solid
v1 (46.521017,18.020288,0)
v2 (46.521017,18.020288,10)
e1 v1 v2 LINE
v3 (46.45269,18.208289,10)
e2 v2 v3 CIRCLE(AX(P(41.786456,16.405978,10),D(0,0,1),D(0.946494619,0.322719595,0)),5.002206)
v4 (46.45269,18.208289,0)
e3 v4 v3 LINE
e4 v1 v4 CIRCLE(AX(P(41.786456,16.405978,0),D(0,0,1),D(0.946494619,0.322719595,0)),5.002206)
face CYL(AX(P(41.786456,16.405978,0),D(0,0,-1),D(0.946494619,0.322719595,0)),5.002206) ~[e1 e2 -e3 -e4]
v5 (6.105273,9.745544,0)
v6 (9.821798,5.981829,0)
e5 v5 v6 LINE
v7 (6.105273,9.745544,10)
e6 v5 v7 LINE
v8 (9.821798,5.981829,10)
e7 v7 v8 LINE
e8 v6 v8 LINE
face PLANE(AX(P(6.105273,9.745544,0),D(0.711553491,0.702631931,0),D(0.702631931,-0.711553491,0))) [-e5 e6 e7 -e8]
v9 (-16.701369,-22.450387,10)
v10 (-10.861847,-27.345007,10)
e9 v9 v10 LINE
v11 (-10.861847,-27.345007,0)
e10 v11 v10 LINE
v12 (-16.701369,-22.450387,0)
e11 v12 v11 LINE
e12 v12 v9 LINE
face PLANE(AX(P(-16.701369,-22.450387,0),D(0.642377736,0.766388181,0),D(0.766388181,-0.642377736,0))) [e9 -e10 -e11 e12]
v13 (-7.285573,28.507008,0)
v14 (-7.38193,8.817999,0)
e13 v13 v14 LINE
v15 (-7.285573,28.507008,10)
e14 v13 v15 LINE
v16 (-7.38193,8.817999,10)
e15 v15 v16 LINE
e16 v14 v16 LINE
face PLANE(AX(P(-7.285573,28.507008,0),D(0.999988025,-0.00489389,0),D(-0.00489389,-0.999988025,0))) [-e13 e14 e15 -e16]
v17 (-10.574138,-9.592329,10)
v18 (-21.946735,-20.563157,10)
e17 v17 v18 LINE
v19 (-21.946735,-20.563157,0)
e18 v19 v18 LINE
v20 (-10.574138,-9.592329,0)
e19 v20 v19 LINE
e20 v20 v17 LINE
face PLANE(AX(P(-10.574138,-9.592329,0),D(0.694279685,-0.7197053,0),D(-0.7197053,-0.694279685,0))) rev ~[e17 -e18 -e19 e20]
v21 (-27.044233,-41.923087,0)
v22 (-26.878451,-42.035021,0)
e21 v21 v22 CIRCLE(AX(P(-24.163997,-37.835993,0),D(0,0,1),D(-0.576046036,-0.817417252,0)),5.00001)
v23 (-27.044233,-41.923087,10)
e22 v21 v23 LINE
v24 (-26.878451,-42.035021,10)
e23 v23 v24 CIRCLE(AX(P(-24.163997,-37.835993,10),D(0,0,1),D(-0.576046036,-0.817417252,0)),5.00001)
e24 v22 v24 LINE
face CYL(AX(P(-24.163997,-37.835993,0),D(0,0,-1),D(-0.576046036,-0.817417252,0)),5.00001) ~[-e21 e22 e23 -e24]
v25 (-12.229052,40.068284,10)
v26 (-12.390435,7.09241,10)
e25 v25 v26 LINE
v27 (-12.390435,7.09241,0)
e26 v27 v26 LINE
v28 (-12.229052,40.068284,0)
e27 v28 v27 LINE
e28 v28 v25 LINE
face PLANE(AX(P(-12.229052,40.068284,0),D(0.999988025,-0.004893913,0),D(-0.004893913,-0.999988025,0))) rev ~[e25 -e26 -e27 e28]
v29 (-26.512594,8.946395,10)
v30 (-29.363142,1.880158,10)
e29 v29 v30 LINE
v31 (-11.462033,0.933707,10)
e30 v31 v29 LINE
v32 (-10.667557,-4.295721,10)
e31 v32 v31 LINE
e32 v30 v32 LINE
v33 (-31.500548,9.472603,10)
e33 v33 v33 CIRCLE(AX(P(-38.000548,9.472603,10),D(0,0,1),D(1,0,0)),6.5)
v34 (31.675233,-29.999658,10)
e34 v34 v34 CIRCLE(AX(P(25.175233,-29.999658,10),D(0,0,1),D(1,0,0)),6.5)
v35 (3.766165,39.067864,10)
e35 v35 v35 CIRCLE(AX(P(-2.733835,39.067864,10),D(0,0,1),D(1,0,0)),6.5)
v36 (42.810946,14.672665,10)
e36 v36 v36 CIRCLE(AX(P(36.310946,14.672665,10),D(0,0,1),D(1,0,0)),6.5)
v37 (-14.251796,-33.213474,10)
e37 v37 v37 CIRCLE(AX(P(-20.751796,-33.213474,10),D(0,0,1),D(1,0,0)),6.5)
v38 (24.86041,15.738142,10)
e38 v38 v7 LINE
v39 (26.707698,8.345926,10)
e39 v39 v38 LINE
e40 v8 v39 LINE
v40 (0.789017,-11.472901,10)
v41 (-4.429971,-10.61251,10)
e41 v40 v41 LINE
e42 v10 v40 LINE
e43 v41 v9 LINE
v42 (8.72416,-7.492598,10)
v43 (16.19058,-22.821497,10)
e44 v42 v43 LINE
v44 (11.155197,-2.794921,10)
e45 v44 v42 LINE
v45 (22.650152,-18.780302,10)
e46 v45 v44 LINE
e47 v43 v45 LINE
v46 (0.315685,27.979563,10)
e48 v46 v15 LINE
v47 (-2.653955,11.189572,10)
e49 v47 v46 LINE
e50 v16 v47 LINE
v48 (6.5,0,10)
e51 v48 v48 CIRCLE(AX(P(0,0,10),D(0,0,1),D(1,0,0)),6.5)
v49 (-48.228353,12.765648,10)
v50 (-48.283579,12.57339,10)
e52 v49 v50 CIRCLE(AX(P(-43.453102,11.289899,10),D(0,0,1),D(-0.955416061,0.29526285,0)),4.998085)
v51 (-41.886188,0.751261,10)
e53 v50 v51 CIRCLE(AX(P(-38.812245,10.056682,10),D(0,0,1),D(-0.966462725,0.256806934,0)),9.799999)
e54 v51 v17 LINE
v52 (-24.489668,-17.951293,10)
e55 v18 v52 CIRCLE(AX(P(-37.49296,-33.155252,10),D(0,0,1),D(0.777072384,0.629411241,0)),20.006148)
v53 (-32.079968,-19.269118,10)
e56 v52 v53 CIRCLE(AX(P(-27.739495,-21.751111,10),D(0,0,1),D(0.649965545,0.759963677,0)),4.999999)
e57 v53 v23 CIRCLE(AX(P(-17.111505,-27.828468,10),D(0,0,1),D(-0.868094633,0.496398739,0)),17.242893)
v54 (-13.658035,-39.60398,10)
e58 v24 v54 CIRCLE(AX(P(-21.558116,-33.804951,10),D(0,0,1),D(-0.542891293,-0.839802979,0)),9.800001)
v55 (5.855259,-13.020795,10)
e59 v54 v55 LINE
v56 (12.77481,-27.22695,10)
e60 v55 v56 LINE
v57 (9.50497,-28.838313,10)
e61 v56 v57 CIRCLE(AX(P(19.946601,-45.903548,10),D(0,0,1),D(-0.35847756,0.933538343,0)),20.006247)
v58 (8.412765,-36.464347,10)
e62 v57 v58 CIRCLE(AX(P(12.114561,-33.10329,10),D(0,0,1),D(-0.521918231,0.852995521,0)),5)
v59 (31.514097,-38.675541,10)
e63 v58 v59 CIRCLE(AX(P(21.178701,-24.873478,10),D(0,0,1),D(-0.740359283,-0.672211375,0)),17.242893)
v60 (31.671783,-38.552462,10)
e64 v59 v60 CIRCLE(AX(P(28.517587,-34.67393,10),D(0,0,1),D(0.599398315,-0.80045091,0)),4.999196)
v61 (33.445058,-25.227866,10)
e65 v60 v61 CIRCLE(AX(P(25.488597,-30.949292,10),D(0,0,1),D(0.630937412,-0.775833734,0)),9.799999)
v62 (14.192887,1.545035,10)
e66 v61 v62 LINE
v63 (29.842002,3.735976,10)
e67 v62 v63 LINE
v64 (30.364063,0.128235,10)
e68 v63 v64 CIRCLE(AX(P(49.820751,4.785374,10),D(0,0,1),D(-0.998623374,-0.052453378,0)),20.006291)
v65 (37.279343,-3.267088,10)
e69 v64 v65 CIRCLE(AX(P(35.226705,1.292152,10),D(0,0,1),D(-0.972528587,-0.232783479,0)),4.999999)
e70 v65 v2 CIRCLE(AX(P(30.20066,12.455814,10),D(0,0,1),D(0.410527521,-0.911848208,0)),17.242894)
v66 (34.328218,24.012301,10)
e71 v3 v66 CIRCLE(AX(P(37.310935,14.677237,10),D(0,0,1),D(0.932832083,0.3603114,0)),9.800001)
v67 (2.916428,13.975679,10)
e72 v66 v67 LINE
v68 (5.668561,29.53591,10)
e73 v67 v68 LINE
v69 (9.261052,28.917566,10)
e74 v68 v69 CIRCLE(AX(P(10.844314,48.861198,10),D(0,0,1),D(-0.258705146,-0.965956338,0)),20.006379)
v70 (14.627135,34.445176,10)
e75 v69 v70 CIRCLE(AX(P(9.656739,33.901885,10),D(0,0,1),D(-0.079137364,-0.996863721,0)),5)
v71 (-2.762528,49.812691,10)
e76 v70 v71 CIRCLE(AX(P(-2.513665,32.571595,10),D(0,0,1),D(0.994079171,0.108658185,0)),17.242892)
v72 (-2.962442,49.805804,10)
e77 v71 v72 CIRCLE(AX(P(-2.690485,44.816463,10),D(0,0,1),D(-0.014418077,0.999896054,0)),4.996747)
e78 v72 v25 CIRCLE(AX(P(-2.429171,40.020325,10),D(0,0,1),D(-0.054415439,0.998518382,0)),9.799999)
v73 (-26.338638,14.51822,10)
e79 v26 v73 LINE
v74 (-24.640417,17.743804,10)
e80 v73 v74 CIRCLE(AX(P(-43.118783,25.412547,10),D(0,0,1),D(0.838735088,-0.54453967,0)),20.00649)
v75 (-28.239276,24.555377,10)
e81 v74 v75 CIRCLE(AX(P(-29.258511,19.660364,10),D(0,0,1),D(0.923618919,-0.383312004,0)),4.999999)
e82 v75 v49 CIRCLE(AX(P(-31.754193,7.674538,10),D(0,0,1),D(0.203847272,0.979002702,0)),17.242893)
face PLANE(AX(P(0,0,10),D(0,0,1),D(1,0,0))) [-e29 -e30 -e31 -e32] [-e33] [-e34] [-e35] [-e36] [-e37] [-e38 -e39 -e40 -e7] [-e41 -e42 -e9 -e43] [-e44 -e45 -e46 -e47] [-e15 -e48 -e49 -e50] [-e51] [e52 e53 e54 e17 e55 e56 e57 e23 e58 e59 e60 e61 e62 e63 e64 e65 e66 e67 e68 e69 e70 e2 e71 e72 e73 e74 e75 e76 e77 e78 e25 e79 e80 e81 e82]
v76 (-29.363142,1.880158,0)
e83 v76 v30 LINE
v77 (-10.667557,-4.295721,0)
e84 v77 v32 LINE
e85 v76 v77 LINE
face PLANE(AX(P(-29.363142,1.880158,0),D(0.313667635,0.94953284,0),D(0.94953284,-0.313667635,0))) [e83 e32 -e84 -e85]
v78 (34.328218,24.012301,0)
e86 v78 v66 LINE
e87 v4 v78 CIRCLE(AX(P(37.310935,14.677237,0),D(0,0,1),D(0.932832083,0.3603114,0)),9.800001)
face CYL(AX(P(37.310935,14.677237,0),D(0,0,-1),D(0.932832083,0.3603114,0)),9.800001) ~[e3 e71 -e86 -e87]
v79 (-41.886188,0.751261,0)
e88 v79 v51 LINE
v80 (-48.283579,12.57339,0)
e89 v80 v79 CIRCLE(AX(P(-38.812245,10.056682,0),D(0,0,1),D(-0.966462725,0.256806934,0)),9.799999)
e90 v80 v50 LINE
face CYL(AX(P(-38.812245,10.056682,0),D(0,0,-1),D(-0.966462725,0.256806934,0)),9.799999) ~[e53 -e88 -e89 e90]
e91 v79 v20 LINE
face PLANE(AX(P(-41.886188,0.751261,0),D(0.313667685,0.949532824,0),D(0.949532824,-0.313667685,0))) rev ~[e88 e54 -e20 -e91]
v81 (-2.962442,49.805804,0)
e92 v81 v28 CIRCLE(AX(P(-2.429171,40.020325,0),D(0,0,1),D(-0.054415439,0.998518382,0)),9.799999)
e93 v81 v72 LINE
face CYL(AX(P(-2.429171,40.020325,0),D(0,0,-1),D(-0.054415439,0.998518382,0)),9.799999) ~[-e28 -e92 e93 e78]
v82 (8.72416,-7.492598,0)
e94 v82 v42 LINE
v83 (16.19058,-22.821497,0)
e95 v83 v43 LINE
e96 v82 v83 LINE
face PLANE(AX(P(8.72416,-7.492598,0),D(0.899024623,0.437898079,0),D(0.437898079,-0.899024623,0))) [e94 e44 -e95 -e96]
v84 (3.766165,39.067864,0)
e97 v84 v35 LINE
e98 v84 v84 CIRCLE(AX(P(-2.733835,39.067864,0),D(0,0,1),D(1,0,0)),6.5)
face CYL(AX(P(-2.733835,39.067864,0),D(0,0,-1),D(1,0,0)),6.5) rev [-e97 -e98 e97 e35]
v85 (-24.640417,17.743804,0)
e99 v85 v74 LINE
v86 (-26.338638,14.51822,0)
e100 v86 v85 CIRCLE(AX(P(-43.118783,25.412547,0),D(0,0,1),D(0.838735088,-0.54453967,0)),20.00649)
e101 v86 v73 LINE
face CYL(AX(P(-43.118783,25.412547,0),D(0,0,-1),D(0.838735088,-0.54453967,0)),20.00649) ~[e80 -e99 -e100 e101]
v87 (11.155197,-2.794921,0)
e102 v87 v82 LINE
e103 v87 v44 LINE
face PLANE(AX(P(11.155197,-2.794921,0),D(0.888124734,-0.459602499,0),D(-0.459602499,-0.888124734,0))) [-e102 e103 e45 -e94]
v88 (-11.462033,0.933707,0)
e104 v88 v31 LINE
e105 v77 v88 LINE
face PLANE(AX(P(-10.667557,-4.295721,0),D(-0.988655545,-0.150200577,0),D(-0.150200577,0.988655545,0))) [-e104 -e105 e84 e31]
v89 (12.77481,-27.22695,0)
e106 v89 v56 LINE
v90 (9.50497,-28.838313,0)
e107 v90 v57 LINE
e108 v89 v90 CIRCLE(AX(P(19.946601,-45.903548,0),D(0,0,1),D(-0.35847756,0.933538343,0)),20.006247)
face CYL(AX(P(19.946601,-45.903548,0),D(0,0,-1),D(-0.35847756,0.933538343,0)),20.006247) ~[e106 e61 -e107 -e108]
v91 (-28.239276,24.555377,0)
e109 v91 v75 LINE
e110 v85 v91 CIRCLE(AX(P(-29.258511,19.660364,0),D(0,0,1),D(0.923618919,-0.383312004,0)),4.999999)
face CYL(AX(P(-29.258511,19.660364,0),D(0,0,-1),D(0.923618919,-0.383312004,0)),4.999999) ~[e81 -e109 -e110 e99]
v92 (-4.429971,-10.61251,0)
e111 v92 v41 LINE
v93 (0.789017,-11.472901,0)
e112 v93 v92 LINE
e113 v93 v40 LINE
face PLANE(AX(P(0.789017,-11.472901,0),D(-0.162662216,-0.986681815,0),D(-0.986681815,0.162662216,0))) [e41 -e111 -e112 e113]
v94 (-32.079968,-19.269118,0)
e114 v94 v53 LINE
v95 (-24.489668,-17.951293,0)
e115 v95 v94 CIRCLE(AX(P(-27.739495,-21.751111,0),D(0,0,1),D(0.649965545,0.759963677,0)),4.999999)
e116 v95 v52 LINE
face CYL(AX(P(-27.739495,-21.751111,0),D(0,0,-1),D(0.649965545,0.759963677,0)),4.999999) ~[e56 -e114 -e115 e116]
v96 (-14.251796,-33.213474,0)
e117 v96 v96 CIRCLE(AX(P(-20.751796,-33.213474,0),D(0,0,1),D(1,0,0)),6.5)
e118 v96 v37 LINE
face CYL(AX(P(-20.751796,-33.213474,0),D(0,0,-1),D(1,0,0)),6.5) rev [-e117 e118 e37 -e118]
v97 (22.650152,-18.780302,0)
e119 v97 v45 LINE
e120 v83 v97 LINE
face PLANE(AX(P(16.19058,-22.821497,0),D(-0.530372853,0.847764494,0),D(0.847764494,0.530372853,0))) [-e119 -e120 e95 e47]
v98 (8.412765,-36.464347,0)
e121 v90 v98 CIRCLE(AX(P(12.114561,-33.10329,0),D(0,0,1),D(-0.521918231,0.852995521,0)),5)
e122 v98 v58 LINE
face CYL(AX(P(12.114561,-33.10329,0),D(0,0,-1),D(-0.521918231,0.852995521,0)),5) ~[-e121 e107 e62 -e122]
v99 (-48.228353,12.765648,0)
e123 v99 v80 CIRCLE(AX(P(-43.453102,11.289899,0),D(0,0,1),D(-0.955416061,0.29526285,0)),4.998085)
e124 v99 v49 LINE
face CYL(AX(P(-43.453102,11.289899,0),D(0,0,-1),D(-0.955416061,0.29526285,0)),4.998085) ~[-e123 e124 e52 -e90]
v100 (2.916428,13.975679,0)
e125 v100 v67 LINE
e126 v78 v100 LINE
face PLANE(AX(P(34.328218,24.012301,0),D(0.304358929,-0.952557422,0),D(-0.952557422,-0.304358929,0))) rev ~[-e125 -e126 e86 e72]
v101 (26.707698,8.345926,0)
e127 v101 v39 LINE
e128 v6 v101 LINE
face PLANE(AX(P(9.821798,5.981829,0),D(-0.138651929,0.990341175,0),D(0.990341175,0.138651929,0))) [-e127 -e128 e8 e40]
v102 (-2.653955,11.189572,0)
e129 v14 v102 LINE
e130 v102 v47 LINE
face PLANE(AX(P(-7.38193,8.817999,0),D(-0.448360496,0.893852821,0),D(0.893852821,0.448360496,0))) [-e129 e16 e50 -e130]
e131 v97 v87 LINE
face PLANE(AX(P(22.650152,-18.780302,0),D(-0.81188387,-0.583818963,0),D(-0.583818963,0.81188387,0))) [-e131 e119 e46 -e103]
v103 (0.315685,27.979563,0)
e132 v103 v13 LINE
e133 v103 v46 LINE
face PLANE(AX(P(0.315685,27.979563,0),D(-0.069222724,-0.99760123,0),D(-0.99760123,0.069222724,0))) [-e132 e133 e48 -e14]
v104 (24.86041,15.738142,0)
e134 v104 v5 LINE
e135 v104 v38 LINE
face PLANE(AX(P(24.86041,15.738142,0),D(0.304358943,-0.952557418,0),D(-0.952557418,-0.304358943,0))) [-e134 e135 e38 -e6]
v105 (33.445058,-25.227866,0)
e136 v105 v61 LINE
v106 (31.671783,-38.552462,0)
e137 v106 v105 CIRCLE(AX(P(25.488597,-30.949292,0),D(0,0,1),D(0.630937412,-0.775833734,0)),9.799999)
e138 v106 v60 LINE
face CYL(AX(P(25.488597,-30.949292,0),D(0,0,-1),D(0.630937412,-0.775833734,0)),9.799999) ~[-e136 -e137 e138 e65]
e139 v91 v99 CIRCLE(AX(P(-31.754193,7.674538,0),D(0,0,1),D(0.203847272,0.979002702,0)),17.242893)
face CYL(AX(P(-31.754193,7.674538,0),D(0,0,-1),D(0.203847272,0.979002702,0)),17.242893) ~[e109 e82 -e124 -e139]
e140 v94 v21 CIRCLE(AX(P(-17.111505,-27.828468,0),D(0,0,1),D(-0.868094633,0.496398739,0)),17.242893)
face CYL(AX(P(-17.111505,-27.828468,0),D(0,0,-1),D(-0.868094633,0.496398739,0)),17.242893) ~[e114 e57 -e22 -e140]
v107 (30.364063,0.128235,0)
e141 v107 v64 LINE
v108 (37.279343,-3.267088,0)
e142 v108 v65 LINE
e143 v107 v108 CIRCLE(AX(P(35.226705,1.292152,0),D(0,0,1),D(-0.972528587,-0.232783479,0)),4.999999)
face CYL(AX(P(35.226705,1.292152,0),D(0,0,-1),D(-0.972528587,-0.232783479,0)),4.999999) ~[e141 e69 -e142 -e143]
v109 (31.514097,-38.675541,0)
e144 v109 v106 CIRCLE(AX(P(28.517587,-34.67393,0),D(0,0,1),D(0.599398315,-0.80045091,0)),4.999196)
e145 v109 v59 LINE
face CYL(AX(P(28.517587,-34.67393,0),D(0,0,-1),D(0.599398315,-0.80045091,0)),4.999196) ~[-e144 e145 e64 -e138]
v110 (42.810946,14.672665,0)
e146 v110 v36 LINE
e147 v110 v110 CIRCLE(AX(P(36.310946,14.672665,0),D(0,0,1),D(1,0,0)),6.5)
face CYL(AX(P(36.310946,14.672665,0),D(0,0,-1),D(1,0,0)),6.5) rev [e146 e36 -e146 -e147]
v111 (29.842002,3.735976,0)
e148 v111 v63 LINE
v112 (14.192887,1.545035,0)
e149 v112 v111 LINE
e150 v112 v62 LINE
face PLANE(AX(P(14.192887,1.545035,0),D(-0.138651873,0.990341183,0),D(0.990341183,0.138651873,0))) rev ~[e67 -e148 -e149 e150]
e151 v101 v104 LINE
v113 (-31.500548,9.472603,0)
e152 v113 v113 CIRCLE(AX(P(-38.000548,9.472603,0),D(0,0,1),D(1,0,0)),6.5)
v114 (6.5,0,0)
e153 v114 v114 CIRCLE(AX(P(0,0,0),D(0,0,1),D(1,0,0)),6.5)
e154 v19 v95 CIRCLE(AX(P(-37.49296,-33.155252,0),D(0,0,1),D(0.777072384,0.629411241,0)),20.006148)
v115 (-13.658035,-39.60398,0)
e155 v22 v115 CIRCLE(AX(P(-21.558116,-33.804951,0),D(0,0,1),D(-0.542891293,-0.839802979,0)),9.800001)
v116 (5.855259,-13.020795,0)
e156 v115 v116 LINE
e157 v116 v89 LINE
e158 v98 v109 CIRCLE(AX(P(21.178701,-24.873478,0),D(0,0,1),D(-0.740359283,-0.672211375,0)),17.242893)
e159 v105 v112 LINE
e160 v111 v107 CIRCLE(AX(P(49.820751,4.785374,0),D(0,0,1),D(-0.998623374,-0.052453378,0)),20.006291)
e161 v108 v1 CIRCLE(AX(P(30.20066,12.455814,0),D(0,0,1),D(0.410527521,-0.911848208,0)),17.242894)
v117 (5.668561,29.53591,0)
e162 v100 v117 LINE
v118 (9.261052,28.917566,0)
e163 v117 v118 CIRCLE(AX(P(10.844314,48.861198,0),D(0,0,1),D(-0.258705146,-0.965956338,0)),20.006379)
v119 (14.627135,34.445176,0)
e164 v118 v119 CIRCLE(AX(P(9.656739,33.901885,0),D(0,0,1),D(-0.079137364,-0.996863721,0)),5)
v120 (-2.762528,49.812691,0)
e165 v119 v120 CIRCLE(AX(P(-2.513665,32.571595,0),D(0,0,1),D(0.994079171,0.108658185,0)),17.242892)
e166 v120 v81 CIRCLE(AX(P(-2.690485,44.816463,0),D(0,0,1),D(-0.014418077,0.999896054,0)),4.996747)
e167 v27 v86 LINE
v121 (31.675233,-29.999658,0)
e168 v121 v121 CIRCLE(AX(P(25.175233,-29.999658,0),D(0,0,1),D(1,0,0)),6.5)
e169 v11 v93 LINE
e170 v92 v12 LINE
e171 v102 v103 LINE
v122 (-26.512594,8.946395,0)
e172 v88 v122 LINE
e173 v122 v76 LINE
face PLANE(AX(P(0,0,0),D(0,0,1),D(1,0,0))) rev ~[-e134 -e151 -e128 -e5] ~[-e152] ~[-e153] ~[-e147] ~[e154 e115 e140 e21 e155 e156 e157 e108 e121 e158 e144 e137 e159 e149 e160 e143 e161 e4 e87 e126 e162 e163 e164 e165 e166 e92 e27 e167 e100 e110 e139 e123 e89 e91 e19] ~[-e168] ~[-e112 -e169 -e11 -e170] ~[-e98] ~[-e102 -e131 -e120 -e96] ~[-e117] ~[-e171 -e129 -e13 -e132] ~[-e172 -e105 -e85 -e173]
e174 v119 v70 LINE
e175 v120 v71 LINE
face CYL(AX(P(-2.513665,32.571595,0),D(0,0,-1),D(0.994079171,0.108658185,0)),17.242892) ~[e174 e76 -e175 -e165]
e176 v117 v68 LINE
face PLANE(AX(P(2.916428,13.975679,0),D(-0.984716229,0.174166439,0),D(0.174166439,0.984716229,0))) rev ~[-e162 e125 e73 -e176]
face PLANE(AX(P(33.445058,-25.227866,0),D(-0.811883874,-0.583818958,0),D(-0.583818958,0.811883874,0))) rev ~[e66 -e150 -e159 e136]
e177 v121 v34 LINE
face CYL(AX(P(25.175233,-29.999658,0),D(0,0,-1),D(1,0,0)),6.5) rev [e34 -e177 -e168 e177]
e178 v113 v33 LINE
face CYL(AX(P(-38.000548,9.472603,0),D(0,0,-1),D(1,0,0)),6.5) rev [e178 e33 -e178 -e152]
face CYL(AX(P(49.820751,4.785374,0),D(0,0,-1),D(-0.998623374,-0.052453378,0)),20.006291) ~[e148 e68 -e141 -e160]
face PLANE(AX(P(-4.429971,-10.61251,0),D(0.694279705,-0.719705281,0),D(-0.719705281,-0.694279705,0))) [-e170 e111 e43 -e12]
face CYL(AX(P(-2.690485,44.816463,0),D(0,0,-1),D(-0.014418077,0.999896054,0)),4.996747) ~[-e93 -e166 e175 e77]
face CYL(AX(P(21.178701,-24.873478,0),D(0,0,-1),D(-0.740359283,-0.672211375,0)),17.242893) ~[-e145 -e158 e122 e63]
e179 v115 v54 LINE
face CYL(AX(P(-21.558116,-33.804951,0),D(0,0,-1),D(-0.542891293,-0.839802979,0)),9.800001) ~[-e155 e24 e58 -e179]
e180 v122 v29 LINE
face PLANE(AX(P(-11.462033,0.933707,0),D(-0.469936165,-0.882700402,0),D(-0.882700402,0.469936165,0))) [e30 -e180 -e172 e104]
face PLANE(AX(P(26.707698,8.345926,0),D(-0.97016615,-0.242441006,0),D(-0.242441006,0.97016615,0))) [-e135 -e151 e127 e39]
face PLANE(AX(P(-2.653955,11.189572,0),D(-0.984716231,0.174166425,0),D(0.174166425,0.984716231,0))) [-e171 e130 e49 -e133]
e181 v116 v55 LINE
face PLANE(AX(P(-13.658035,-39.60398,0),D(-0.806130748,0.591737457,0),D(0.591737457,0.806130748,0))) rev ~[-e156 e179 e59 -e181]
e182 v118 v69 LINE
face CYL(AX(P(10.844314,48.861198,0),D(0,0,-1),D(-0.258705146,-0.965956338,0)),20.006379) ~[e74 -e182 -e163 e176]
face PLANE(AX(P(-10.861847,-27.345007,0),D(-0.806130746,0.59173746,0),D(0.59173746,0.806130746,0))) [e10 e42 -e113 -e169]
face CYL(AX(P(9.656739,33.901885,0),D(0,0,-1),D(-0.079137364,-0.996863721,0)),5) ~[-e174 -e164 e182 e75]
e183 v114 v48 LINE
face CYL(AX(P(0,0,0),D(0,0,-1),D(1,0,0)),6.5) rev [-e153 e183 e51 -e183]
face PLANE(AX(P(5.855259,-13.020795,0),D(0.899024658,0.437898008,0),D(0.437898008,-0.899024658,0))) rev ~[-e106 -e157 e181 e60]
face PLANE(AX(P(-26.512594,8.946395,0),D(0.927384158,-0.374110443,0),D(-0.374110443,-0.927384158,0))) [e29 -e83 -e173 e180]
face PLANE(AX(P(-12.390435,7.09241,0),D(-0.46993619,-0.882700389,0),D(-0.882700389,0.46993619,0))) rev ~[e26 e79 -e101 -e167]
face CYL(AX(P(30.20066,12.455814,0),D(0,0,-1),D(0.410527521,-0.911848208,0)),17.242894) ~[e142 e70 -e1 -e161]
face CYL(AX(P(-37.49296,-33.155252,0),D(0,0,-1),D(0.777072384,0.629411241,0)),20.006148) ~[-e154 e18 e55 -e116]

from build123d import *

# Parameters (mm, degrees)
F0_R     = 12.5
F2_DEPTH = 10
F3_R     = 6.5
F4_DEPTH = 10
F1_R     = 6.5
F5_DEPTH = 10
F7_DEPTH = 10


with BuildPart() as f2:
    # F0 (on Top) → F2 (new body)
    with BuildSketch(Plane.XY):
        Circle(F0_R)
    extrude(amount=F2_DEPTH)

    # F3 (on Top) → F4 (join)
    with BuildSketch(Plane.XY):
        with BuildLine():
            Line((34.328218, 24.012301), (2.916428, 13.975679))
            Line((2.916428, 13.975679), (5.668561, 29.53591))
            ThreePointArc((5.668561, 29.53591), (7.450694, 29.144745), (9.261052, 28.917566))
            ThreePointArc((9.261052, 28.917566), (13.244302, 30.419157), (14.627135, 34.445176))
            ThreePointArc((14.627135, 34.445176), (8.904501, 45.49223), (-2.762528, 49.812691))
            ThreePointArc((-2.762528, 49.812691), (-2.862519, 49.810248), (-2.962442, 49.805804))
            ThreePointArc((-2.962442, 49.805804), (-9.528349, 46.776185), (-12.229052, 40.068284))
            Line((-12.229052, 40.068284), (-12.390435, 7.09241))
            Line((-12.390435, 7.09241), (-26.338638, 14.51822))
            ThreePointArc((-26.338638, 14.51822), (-25.415909, 16.092253), (-24.640417, 17.743804))
            ThreePointArc((-24.640417, 17.743804), (-24.837623, 21.996117), (-28.239276, 24.555377))
            ThreePointArc((-28.239276, 24.555377), (-40.51404, 22.526556), (-48.228353, 12.765648))
            ThreePointArc((-48.228353, 12.765648), (-48.256928, 12.669795), (-48.283579, 12.57339))
            ThreePointArc((-48.283579, 12.57339), (-47.431217, 5.392638), (-41.886188, 0.751261))
            Line((-41.886188, 0.751261), (-10.574138, -9.592329))
            Line((-10.574138, -9.592329), (-21.946735, -20.563157))
            ThreePointArc((-21.946735, -20.563157), (-23.158589, -19.199186), (-24.489668, -17.951293))
            ThreePointArc((-24.489668, -17.951293), (-28.594798, -16.824809), (-32.079968, -19.269118))
            ThreePointArc((-32.079968, -19.269118), (-33.943555, -31.570053), (-27.044233, -41.923087))
            ThreePointArc((-27.044233, -41.923087), (-26.961902, -41.979883), (-26.878451, -42.035021))
            ThreePointArc((-26.878451, -42.035021), (-19.785755, -43.443351), (-13.658035, -39.60398))
            Line((-13.658035, -39.60398), (5.855259, -13.020795))
            Line((5.855259, -13.020795), (12.77481, -27.22695))
            ThreePointArc((12.77481, -27.22695), (11.103113, -27.958002), (9.50497, -28.838313))
            ThreePointArc((9.50497, -28.838313), (7.165066, -32.394421), (8.412765, -36.464347))
            ThreePointArc((8.412765, -36.464347), (19.535769, -42.037922), (31.514097, -38.675541))
            ThreePointArc((31.514097, -38.675541), (31.593556, -38.61479), (31.671783, -38.552462))
            ThreePointArc((31.671783, -38.552462), (35.202948, -32.242106), (33.445058, -25.227866))
            Line((33.445058, -25.227866), (14.192887, 1.545035))
            Line((14.192887, 1.545035), (29.842002, 3.735976))
            ThreePointArc((29.842002, 3.735976), (30.020691, 1.920191), (30.364063, 0.128235))
            ThreePointArc((30.364063, 0.128235), (33.023052, -3.196044), (37.279343, -3.267088))
            ThreePointArc((37.279343, -3.267088), (46.017324, 5.589188), (46.521017, 18.020288))
            ThreePointArc((46.521017, 18.020288), (46.487793, 18.114631), (46.45269, 18.208289))
            ThreePointArc((46.45269, 18.208289), (41.542374, 23.516634), (34.328218, 24.012301))
        make_face()
        with Locations((-20.751796, -33.213474)):
            Circle(F3_R, mode=Mode.SUBTRACT)
        with Locations((25.175233, -29.999658)):
            Circle(F3_R, mode=Mode.SUBTRACT)
        with Locations((-38.000548, 9.472603)):
            Circle(F3_R, mode=Mode.SUBTRACT)
        with Locations((-2.733835, 39.067864)):
            Circle(F3_R, mode=Mode.SUBTRACT)
        with Locations((36.310946, 14.672665)):
            Circle(F3_R, mode=Mode.SUBTRACT)
    extrude(amount=F4_DEPTH)

    # F1 (on Top) → F5 (cut)
    with BuildSketch(Plane.XY):
        Circle(F1_R)
    extrude(amount=F5_DEPTH, mode=Mode.SUBTRACT)

    # F6 (on Top) → F7 (cut)
    with BuildSketch(Plane.XY):
        Polygon((0.315685, 27.979563), (-7.285573, 28.507008), (-7.38193, 8.817999), (-2.653955, 11.189572), align=None)
        Polygon((-26.512594, 8.946395), (-29.363142, 1.880158), (-10.667557, -4.295721), (-11.462033, 0.933707), align=None)
        Polygon((-16.701369, -22.450387), (-10.861847, -27.345007), (0.789017, -11.472901), (-4.429971, -10.61251), align=None)
        Polygon((16.19058, -22.821497), (22.650152, -18.780302), (11.155197, -2.794921), (8.72416, -7.492598), align=None)
        Polygon((26.707698, 8.345926), (24.86041, 15.738142), (6.105273, 9.745544), (9.821798, 5.981829), align=None)
    extrude(amount=F7_DEPTH, mode=Mode.SUBTRACT)


solid = f2.part
